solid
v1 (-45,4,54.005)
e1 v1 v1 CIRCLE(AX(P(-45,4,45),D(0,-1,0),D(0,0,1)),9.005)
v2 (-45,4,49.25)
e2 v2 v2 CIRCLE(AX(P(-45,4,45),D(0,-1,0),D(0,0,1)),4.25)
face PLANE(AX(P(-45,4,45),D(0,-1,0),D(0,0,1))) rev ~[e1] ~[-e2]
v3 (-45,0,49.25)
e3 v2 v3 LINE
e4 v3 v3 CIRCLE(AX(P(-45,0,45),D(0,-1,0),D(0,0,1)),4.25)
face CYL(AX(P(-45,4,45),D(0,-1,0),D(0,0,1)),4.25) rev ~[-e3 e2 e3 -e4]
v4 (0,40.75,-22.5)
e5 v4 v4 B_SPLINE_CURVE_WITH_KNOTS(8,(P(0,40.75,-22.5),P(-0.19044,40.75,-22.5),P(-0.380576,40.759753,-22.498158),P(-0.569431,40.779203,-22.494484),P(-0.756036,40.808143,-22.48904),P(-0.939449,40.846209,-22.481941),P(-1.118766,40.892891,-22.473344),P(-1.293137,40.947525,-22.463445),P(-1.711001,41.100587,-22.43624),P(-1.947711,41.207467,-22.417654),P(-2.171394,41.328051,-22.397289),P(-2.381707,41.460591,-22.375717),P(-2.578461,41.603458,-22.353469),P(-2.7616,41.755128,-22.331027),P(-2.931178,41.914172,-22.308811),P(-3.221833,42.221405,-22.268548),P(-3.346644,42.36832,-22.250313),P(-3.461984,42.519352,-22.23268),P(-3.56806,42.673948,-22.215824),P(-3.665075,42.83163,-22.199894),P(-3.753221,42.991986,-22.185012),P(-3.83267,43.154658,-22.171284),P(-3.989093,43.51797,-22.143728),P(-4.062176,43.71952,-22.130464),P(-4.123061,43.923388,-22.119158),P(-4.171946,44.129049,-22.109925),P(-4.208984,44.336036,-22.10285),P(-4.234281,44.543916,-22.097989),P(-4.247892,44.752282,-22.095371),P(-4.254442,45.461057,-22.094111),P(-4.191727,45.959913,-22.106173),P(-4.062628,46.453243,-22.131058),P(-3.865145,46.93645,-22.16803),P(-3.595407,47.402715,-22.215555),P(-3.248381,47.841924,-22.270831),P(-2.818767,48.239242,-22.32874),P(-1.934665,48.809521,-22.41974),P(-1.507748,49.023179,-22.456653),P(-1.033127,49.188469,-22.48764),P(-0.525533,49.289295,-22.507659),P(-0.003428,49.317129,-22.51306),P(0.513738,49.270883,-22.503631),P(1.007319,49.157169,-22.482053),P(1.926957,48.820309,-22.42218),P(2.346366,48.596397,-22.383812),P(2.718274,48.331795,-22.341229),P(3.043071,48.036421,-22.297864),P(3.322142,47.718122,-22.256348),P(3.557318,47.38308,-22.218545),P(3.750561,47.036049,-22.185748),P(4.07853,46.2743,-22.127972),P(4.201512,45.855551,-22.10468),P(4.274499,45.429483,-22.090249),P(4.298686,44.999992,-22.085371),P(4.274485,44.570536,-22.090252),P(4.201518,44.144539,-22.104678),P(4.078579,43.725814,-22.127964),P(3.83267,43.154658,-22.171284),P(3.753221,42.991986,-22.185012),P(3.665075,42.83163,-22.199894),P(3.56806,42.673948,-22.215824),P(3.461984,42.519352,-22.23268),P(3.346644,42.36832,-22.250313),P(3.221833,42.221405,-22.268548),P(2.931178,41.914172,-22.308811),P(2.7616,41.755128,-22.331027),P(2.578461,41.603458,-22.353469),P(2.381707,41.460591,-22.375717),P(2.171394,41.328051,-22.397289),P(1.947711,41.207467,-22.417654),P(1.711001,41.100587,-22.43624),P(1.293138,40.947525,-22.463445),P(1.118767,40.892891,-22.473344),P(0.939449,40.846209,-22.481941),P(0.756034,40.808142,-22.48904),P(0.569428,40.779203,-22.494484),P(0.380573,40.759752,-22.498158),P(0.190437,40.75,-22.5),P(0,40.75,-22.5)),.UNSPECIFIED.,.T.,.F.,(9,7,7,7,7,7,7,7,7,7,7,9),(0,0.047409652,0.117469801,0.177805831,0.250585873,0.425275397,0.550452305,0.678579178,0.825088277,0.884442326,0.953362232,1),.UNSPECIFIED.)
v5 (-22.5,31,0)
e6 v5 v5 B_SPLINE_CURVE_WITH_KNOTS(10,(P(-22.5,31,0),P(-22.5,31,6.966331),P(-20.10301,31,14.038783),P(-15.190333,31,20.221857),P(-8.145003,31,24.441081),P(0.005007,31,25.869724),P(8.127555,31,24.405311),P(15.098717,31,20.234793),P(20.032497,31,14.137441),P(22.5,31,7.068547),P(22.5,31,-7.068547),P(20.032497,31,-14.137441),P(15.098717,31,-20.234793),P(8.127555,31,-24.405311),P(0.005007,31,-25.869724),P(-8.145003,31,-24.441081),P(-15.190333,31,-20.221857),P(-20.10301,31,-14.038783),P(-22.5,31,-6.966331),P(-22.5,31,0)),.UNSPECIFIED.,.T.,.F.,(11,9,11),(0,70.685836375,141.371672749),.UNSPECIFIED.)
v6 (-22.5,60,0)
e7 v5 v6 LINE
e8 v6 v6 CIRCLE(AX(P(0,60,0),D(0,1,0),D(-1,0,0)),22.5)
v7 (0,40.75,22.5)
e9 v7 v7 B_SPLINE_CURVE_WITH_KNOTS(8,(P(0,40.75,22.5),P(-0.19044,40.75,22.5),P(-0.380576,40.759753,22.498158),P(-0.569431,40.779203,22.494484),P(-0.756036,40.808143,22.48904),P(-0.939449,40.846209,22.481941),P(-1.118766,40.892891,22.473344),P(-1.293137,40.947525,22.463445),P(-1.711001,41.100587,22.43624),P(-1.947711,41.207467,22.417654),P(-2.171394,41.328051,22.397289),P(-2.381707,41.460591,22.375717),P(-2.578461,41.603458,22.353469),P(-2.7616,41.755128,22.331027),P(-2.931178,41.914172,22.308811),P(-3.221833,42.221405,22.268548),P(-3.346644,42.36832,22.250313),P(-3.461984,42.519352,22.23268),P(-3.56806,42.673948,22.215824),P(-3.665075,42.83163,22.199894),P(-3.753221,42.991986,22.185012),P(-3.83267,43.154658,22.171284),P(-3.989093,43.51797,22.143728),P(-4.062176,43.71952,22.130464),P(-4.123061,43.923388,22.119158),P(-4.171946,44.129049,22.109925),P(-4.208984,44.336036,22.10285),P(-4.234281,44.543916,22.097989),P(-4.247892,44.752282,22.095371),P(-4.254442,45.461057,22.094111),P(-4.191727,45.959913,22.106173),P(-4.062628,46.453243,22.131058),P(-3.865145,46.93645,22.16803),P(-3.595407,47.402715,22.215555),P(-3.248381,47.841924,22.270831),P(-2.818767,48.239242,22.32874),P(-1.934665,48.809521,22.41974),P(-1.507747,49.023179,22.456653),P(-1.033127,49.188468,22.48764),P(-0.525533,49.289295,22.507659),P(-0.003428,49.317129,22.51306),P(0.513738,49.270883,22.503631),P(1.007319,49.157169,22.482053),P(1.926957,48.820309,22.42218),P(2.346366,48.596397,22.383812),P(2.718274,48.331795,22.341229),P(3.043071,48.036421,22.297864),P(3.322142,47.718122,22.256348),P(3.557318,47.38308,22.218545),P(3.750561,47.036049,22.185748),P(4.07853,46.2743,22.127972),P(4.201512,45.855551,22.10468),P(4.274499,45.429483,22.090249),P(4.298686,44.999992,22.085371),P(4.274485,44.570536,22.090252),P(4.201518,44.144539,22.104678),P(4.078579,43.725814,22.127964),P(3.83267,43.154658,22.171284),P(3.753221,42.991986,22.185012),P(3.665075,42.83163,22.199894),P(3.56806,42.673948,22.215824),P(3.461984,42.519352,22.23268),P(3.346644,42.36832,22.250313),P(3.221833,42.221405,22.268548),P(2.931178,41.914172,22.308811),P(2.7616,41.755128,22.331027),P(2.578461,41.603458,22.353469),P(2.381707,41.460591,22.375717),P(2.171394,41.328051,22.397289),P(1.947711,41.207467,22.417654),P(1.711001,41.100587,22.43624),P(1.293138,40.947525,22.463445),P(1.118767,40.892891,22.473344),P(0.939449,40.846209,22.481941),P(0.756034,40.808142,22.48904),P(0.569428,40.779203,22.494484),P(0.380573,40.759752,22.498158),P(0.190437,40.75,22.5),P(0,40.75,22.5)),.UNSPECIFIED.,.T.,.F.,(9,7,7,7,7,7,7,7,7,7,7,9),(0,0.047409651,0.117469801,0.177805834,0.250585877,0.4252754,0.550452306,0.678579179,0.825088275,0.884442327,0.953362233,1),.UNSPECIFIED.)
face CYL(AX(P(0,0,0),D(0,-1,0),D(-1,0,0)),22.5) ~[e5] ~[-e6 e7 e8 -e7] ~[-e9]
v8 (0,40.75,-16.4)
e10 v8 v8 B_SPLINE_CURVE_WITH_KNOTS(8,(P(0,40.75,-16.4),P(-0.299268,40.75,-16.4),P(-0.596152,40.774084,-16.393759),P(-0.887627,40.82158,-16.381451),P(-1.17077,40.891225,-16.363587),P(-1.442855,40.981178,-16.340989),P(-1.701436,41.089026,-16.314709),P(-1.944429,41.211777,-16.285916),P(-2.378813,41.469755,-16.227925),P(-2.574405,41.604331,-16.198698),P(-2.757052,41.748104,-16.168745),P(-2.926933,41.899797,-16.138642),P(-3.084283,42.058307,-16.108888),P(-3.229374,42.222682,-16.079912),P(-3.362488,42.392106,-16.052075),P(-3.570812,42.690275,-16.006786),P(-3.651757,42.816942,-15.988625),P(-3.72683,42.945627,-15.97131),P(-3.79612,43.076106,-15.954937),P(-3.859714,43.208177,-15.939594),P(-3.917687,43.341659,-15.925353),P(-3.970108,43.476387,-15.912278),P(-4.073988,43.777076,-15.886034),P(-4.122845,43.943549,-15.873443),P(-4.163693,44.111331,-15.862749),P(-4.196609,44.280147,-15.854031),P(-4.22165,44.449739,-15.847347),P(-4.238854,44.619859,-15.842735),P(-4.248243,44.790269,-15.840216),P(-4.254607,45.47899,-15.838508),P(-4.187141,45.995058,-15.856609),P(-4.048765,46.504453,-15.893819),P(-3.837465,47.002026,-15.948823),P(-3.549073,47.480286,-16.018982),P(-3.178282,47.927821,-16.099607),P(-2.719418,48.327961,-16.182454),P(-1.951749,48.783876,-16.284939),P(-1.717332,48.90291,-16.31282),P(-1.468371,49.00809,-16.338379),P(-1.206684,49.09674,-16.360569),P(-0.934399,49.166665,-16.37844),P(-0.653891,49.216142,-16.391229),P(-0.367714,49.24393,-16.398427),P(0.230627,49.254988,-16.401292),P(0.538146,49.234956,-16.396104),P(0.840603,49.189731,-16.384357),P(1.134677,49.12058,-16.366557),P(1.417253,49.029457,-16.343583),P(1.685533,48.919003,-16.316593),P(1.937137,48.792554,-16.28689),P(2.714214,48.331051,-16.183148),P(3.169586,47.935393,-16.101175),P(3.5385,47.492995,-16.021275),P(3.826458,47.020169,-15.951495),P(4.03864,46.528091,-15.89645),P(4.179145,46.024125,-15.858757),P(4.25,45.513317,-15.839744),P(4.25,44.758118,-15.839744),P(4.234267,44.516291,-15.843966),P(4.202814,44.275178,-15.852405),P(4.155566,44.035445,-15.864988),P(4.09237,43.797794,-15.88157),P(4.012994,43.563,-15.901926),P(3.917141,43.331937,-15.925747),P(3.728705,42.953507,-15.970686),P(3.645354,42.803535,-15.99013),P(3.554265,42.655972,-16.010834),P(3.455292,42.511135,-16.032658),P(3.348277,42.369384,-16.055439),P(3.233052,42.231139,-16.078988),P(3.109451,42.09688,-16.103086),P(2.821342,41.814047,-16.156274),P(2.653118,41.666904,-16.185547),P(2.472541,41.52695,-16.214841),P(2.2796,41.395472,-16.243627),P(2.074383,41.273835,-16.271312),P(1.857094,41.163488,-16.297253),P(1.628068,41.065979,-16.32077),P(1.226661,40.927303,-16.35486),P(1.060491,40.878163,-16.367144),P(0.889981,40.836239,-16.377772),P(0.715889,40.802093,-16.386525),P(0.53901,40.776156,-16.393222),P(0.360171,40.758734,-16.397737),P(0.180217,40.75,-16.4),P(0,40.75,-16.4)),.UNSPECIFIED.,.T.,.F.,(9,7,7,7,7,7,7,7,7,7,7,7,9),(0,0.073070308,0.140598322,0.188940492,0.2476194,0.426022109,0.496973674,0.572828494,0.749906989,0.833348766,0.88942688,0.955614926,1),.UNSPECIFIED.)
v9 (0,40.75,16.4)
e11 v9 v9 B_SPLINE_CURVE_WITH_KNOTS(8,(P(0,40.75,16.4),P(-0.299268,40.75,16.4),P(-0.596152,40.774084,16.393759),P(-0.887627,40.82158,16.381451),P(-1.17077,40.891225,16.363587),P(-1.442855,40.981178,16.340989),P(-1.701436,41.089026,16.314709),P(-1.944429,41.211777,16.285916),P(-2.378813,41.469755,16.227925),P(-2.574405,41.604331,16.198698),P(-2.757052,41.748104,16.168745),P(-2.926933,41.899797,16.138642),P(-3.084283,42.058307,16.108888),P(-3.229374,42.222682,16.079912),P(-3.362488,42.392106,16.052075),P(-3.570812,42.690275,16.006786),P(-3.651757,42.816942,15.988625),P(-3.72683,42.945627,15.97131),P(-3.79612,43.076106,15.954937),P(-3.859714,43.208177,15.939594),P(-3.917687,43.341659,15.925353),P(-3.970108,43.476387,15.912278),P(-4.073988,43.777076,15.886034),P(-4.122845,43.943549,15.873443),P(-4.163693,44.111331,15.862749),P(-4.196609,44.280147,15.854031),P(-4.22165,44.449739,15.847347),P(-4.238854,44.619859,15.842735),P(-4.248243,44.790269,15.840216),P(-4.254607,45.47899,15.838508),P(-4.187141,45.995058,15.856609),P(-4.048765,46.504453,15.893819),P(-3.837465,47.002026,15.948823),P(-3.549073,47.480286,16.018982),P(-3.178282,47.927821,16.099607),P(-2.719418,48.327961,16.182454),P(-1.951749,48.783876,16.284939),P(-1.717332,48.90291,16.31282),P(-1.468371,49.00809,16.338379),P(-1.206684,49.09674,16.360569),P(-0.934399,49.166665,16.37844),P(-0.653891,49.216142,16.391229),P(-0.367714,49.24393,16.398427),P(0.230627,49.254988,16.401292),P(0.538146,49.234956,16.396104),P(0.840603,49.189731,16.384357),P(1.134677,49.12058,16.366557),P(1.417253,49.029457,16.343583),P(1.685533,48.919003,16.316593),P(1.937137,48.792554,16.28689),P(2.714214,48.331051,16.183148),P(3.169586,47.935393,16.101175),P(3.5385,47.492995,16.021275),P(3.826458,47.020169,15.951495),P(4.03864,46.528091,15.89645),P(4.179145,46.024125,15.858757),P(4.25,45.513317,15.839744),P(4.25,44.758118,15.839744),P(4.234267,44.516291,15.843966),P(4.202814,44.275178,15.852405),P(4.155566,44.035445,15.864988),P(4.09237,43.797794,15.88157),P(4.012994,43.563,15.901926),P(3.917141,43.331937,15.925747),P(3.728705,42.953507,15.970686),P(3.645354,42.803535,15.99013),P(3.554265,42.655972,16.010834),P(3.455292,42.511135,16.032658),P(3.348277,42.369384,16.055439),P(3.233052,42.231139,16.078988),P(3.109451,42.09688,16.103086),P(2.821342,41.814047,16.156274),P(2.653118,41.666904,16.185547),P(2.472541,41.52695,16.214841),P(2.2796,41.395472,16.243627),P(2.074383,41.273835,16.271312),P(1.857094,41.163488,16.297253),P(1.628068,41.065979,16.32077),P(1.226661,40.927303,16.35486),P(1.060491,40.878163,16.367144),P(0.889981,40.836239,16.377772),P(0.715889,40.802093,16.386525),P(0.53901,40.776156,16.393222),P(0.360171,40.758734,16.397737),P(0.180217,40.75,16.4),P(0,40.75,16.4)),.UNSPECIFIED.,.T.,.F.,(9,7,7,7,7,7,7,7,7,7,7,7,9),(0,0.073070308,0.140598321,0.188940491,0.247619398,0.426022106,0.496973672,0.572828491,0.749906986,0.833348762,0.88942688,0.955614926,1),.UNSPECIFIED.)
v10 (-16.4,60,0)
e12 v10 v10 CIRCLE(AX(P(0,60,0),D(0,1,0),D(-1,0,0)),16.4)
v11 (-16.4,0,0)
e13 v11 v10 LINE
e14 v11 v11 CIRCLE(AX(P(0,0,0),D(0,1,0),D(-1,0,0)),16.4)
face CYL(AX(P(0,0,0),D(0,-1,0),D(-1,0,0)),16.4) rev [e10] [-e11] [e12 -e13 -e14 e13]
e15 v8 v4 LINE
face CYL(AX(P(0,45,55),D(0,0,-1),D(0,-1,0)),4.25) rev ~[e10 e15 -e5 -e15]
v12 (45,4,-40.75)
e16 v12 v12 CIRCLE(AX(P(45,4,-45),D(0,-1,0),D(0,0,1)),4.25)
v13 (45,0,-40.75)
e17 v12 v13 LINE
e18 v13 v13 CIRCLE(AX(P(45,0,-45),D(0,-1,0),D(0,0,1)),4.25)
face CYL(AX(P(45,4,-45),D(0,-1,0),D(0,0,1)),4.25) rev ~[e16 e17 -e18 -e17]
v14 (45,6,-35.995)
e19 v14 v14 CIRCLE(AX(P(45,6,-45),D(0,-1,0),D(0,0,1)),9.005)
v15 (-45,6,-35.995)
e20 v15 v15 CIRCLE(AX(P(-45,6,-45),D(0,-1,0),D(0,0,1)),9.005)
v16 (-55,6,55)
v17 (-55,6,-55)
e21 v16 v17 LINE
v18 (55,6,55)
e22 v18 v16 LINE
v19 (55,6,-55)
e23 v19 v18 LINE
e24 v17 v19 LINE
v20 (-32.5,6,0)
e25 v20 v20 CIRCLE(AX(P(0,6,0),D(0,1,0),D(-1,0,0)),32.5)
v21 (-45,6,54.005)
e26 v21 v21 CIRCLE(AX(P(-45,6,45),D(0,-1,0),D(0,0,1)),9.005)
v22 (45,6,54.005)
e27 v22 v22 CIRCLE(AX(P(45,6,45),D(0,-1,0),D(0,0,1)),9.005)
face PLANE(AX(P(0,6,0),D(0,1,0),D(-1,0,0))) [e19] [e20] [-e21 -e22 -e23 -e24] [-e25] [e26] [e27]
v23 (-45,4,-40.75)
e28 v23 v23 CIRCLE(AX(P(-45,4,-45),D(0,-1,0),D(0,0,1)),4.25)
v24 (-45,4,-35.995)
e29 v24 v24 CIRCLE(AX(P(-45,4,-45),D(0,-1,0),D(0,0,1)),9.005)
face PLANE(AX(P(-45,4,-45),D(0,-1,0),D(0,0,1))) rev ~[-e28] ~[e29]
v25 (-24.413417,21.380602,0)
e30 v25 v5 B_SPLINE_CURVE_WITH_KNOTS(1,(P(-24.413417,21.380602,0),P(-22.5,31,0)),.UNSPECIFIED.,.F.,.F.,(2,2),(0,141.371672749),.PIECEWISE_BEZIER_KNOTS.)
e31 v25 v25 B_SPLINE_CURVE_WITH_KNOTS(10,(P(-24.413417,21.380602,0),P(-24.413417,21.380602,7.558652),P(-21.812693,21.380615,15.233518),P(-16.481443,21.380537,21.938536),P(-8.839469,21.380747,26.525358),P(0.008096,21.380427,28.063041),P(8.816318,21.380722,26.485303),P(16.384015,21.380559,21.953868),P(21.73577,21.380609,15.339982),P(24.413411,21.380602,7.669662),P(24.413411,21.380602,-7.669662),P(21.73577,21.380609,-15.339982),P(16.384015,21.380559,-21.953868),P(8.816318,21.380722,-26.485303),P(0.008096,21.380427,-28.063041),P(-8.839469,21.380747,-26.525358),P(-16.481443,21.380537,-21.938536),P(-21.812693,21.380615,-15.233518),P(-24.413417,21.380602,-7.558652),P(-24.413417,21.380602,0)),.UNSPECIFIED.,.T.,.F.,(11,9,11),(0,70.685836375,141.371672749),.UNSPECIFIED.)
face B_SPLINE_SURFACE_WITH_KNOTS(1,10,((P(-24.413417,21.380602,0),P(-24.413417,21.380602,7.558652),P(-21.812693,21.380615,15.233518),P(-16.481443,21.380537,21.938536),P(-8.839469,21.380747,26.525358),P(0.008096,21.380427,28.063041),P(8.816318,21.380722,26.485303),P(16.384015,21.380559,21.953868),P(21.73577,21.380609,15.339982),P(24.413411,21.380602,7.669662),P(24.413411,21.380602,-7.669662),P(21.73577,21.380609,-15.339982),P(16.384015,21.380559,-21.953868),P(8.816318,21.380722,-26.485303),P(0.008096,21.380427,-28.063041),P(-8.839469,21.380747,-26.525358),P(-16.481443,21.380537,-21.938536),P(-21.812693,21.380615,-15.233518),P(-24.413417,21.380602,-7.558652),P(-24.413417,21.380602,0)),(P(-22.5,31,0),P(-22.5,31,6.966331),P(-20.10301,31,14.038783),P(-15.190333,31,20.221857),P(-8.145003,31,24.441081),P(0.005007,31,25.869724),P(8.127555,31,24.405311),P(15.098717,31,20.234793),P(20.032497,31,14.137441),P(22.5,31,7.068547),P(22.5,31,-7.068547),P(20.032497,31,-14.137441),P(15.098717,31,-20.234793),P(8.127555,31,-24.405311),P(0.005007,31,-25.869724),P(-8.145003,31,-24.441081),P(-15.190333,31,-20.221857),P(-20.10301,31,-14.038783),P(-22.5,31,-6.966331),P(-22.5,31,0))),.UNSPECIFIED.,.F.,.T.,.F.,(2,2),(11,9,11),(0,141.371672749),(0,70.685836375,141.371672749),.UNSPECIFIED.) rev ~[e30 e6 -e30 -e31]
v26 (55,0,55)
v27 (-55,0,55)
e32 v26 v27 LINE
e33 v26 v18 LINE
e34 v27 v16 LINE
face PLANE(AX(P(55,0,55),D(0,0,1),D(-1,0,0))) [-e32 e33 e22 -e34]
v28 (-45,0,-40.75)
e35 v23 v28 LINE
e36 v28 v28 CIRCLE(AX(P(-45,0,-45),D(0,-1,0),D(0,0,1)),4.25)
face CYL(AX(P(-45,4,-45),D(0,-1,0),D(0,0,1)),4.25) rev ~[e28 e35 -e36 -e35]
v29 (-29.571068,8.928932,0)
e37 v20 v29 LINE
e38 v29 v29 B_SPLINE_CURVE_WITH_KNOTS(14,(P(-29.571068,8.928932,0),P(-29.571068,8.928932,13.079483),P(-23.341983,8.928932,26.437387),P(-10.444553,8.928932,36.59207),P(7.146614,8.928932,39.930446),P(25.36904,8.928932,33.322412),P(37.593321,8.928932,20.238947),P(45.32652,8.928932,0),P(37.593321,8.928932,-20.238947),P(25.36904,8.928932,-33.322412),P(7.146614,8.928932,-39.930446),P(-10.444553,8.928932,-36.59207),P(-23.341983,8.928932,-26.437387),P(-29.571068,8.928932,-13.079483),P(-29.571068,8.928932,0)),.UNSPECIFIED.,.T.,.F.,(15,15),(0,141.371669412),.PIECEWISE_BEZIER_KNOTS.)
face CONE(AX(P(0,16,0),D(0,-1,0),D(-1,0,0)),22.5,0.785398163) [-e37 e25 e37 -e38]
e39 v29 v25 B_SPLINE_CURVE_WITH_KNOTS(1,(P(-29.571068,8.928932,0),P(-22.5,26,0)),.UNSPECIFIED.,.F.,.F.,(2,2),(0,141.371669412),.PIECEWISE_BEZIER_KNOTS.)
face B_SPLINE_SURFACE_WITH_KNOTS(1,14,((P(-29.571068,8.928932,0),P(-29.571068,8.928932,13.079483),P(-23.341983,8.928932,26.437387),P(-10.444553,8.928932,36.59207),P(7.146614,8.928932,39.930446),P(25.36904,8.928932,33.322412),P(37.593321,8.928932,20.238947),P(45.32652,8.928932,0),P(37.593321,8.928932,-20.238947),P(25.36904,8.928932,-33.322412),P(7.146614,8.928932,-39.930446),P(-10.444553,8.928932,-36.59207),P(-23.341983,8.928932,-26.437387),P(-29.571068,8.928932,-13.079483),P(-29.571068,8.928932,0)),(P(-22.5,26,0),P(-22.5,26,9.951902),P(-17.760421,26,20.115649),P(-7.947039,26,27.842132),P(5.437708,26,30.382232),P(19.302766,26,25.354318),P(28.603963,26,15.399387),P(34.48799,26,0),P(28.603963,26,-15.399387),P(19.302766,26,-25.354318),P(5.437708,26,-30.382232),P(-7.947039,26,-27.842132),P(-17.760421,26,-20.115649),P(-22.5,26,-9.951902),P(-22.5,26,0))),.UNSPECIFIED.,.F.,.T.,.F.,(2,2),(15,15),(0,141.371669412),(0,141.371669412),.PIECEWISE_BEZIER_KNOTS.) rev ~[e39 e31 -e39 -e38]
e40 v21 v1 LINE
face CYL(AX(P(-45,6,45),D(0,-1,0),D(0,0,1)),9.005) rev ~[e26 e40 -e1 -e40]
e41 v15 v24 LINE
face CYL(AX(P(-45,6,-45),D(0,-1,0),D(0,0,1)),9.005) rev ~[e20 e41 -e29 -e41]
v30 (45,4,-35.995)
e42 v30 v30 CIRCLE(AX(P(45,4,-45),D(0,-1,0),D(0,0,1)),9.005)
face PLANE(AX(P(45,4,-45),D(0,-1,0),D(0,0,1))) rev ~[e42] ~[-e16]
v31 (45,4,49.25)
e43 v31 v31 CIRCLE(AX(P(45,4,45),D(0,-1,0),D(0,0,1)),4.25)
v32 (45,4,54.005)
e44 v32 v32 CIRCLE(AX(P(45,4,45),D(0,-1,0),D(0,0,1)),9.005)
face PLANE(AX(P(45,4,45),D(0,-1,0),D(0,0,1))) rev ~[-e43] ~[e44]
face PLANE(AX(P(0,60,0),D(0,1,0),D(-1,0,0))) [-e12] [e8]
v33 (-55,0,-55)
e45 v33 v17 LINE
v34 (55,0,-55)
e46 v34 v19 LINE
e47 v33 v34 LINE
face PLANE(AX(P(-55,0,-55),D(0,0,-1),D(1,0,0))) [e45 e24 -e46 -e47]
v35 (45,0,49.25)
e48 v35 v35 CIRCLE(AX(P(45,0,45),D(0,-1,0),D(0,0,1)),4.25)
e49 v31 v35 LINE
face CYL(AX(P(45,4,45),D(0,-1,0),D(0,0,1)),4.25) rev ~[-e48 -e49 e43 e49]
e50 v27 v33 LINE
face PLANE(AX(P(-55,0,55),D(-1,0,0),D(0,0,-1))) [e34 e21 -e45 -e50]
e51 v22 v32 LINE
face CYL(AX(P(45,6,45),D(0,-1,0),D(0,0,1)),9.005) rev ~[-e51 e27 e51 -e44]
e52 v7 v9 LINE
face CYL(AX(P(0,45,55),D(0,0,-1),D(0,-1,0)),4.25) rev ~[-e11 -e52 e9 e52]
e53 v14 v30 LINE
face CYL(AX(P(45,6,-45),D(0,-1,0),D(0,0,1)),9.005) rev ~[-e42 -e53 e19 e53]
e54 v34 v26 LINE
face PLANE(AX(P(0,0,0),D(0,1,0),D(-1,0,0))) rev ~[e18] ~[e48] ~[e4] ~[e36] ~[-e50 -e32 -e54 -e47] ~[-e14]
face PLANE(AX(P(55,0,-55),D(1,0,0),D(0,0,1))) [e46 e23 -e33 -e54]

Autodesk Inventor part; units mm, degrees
ref_plane "YZ Plane" through (0, 0, 0) normal (1, 0, 0) x (0, 1, 0)
ref_plane "XZ Plane" through (0, 0, 0) normal (0, 1, 0) x (-1, 0, 0)
ref_plane "XY Plane" through (0, 0, 0) normal (0, 0, 1) x (1, 0, 0)
sketch "Sketch1" plane through (0, 0, 0) normal (0, 1, 0) x (-1, 0, 0)
  circle A0 centre (0, 0) radius 22.5
  line L0 (55, -55) -> (-55, -55)
  line L1 (-55, -55) -> (-55, 55)
  line L2 (-55, 55) -> (55, 55)
  line L3 (55, 55) -> (55, -55)
  line L4 (55, -55) -> (-55, 55) construction
  line L5 (-55, -55) -> (55, 55) construction
  circle A1 centre (0, 0) radius 16.4
  dimension "d0" = 45
  dimension "d1" = 110
  dimension "d2" = 110
  dimension "d3" = 32.8
extrude "Extrusion1" add sketch "Sketch1" along normal blind 6 contours L0 L1 L2 L3
extrude "Extrusion2" add sketch "Sketch1" along normal blind 60 contours A0
chamfer "Chamfer1" distance 10 angle 45 1 edges at (22.5, 6, 0)
sketch "Sketch3" plane through (0, 6, 0) normal (0, 1, 0) x (1, 0, 0)
  line L0 (55, -55) -> (55, 55) projected
  line L1 (55, 55) -> (-55, 55) projected
  line L2 (-55, -55) -> (55, -55) projected
  line L3 (-55, 55) -> (-55, -55) projected
  point P0 (0, 0)
  point P1 (-45, 45)
  point P2 (-45, -45)
  point P3 (45, -45)
  point P4 (45, 45)
  point P5 (55, 0)
  point P6 (0, 55)
  point P7 (0, -55)
  point P8 (-55, 0)
  dimension "d14" = 10
  dimension "d15" = 10
  dimension "d16" = 10
  dimension "d17" = 10
hole "Hole1" at (-45, 6, -45) at (45, 6, -45) at (45, 6, 45) at (-45, 6, 45) direction (0, -1, 0) diameter 8.5 end through all counterbore diameter 18.01 counterbore depth 2 clearance for "Hex Head Bolt" size "M8" standard "Ansi Metric M Profile"
sketch "Sketch4" plane through (-55, 0, 55) normal (0, 0, 1) x (1, 0, 0)
  line L0 (0, 0) -> (110, 0) projected
  line L1 (77.5, 60) -> (32.5, 60) projected
  point P0 (55, 0)
  point P1 (55, 45)
  point P2 (55, 0)
  dimension "d25" = 15
hole "Hole2" at (0, 45, 55) direction (0, 0, -1) diameter 8.5 end through all clearance for "Hex Head Bolt" size "M8" standard "Ansi Metric M Profile"
chamfer "Chamfer2" distance 10 angle 45 1 edges at (22.5, 16, 0)
chamfer "Chamfer3" distance 5 angle 45 1 edges at (22.5, 26, 0)
properties part number "Soporte_Vertical_Para_Balancin" material "ABS Plastic"
